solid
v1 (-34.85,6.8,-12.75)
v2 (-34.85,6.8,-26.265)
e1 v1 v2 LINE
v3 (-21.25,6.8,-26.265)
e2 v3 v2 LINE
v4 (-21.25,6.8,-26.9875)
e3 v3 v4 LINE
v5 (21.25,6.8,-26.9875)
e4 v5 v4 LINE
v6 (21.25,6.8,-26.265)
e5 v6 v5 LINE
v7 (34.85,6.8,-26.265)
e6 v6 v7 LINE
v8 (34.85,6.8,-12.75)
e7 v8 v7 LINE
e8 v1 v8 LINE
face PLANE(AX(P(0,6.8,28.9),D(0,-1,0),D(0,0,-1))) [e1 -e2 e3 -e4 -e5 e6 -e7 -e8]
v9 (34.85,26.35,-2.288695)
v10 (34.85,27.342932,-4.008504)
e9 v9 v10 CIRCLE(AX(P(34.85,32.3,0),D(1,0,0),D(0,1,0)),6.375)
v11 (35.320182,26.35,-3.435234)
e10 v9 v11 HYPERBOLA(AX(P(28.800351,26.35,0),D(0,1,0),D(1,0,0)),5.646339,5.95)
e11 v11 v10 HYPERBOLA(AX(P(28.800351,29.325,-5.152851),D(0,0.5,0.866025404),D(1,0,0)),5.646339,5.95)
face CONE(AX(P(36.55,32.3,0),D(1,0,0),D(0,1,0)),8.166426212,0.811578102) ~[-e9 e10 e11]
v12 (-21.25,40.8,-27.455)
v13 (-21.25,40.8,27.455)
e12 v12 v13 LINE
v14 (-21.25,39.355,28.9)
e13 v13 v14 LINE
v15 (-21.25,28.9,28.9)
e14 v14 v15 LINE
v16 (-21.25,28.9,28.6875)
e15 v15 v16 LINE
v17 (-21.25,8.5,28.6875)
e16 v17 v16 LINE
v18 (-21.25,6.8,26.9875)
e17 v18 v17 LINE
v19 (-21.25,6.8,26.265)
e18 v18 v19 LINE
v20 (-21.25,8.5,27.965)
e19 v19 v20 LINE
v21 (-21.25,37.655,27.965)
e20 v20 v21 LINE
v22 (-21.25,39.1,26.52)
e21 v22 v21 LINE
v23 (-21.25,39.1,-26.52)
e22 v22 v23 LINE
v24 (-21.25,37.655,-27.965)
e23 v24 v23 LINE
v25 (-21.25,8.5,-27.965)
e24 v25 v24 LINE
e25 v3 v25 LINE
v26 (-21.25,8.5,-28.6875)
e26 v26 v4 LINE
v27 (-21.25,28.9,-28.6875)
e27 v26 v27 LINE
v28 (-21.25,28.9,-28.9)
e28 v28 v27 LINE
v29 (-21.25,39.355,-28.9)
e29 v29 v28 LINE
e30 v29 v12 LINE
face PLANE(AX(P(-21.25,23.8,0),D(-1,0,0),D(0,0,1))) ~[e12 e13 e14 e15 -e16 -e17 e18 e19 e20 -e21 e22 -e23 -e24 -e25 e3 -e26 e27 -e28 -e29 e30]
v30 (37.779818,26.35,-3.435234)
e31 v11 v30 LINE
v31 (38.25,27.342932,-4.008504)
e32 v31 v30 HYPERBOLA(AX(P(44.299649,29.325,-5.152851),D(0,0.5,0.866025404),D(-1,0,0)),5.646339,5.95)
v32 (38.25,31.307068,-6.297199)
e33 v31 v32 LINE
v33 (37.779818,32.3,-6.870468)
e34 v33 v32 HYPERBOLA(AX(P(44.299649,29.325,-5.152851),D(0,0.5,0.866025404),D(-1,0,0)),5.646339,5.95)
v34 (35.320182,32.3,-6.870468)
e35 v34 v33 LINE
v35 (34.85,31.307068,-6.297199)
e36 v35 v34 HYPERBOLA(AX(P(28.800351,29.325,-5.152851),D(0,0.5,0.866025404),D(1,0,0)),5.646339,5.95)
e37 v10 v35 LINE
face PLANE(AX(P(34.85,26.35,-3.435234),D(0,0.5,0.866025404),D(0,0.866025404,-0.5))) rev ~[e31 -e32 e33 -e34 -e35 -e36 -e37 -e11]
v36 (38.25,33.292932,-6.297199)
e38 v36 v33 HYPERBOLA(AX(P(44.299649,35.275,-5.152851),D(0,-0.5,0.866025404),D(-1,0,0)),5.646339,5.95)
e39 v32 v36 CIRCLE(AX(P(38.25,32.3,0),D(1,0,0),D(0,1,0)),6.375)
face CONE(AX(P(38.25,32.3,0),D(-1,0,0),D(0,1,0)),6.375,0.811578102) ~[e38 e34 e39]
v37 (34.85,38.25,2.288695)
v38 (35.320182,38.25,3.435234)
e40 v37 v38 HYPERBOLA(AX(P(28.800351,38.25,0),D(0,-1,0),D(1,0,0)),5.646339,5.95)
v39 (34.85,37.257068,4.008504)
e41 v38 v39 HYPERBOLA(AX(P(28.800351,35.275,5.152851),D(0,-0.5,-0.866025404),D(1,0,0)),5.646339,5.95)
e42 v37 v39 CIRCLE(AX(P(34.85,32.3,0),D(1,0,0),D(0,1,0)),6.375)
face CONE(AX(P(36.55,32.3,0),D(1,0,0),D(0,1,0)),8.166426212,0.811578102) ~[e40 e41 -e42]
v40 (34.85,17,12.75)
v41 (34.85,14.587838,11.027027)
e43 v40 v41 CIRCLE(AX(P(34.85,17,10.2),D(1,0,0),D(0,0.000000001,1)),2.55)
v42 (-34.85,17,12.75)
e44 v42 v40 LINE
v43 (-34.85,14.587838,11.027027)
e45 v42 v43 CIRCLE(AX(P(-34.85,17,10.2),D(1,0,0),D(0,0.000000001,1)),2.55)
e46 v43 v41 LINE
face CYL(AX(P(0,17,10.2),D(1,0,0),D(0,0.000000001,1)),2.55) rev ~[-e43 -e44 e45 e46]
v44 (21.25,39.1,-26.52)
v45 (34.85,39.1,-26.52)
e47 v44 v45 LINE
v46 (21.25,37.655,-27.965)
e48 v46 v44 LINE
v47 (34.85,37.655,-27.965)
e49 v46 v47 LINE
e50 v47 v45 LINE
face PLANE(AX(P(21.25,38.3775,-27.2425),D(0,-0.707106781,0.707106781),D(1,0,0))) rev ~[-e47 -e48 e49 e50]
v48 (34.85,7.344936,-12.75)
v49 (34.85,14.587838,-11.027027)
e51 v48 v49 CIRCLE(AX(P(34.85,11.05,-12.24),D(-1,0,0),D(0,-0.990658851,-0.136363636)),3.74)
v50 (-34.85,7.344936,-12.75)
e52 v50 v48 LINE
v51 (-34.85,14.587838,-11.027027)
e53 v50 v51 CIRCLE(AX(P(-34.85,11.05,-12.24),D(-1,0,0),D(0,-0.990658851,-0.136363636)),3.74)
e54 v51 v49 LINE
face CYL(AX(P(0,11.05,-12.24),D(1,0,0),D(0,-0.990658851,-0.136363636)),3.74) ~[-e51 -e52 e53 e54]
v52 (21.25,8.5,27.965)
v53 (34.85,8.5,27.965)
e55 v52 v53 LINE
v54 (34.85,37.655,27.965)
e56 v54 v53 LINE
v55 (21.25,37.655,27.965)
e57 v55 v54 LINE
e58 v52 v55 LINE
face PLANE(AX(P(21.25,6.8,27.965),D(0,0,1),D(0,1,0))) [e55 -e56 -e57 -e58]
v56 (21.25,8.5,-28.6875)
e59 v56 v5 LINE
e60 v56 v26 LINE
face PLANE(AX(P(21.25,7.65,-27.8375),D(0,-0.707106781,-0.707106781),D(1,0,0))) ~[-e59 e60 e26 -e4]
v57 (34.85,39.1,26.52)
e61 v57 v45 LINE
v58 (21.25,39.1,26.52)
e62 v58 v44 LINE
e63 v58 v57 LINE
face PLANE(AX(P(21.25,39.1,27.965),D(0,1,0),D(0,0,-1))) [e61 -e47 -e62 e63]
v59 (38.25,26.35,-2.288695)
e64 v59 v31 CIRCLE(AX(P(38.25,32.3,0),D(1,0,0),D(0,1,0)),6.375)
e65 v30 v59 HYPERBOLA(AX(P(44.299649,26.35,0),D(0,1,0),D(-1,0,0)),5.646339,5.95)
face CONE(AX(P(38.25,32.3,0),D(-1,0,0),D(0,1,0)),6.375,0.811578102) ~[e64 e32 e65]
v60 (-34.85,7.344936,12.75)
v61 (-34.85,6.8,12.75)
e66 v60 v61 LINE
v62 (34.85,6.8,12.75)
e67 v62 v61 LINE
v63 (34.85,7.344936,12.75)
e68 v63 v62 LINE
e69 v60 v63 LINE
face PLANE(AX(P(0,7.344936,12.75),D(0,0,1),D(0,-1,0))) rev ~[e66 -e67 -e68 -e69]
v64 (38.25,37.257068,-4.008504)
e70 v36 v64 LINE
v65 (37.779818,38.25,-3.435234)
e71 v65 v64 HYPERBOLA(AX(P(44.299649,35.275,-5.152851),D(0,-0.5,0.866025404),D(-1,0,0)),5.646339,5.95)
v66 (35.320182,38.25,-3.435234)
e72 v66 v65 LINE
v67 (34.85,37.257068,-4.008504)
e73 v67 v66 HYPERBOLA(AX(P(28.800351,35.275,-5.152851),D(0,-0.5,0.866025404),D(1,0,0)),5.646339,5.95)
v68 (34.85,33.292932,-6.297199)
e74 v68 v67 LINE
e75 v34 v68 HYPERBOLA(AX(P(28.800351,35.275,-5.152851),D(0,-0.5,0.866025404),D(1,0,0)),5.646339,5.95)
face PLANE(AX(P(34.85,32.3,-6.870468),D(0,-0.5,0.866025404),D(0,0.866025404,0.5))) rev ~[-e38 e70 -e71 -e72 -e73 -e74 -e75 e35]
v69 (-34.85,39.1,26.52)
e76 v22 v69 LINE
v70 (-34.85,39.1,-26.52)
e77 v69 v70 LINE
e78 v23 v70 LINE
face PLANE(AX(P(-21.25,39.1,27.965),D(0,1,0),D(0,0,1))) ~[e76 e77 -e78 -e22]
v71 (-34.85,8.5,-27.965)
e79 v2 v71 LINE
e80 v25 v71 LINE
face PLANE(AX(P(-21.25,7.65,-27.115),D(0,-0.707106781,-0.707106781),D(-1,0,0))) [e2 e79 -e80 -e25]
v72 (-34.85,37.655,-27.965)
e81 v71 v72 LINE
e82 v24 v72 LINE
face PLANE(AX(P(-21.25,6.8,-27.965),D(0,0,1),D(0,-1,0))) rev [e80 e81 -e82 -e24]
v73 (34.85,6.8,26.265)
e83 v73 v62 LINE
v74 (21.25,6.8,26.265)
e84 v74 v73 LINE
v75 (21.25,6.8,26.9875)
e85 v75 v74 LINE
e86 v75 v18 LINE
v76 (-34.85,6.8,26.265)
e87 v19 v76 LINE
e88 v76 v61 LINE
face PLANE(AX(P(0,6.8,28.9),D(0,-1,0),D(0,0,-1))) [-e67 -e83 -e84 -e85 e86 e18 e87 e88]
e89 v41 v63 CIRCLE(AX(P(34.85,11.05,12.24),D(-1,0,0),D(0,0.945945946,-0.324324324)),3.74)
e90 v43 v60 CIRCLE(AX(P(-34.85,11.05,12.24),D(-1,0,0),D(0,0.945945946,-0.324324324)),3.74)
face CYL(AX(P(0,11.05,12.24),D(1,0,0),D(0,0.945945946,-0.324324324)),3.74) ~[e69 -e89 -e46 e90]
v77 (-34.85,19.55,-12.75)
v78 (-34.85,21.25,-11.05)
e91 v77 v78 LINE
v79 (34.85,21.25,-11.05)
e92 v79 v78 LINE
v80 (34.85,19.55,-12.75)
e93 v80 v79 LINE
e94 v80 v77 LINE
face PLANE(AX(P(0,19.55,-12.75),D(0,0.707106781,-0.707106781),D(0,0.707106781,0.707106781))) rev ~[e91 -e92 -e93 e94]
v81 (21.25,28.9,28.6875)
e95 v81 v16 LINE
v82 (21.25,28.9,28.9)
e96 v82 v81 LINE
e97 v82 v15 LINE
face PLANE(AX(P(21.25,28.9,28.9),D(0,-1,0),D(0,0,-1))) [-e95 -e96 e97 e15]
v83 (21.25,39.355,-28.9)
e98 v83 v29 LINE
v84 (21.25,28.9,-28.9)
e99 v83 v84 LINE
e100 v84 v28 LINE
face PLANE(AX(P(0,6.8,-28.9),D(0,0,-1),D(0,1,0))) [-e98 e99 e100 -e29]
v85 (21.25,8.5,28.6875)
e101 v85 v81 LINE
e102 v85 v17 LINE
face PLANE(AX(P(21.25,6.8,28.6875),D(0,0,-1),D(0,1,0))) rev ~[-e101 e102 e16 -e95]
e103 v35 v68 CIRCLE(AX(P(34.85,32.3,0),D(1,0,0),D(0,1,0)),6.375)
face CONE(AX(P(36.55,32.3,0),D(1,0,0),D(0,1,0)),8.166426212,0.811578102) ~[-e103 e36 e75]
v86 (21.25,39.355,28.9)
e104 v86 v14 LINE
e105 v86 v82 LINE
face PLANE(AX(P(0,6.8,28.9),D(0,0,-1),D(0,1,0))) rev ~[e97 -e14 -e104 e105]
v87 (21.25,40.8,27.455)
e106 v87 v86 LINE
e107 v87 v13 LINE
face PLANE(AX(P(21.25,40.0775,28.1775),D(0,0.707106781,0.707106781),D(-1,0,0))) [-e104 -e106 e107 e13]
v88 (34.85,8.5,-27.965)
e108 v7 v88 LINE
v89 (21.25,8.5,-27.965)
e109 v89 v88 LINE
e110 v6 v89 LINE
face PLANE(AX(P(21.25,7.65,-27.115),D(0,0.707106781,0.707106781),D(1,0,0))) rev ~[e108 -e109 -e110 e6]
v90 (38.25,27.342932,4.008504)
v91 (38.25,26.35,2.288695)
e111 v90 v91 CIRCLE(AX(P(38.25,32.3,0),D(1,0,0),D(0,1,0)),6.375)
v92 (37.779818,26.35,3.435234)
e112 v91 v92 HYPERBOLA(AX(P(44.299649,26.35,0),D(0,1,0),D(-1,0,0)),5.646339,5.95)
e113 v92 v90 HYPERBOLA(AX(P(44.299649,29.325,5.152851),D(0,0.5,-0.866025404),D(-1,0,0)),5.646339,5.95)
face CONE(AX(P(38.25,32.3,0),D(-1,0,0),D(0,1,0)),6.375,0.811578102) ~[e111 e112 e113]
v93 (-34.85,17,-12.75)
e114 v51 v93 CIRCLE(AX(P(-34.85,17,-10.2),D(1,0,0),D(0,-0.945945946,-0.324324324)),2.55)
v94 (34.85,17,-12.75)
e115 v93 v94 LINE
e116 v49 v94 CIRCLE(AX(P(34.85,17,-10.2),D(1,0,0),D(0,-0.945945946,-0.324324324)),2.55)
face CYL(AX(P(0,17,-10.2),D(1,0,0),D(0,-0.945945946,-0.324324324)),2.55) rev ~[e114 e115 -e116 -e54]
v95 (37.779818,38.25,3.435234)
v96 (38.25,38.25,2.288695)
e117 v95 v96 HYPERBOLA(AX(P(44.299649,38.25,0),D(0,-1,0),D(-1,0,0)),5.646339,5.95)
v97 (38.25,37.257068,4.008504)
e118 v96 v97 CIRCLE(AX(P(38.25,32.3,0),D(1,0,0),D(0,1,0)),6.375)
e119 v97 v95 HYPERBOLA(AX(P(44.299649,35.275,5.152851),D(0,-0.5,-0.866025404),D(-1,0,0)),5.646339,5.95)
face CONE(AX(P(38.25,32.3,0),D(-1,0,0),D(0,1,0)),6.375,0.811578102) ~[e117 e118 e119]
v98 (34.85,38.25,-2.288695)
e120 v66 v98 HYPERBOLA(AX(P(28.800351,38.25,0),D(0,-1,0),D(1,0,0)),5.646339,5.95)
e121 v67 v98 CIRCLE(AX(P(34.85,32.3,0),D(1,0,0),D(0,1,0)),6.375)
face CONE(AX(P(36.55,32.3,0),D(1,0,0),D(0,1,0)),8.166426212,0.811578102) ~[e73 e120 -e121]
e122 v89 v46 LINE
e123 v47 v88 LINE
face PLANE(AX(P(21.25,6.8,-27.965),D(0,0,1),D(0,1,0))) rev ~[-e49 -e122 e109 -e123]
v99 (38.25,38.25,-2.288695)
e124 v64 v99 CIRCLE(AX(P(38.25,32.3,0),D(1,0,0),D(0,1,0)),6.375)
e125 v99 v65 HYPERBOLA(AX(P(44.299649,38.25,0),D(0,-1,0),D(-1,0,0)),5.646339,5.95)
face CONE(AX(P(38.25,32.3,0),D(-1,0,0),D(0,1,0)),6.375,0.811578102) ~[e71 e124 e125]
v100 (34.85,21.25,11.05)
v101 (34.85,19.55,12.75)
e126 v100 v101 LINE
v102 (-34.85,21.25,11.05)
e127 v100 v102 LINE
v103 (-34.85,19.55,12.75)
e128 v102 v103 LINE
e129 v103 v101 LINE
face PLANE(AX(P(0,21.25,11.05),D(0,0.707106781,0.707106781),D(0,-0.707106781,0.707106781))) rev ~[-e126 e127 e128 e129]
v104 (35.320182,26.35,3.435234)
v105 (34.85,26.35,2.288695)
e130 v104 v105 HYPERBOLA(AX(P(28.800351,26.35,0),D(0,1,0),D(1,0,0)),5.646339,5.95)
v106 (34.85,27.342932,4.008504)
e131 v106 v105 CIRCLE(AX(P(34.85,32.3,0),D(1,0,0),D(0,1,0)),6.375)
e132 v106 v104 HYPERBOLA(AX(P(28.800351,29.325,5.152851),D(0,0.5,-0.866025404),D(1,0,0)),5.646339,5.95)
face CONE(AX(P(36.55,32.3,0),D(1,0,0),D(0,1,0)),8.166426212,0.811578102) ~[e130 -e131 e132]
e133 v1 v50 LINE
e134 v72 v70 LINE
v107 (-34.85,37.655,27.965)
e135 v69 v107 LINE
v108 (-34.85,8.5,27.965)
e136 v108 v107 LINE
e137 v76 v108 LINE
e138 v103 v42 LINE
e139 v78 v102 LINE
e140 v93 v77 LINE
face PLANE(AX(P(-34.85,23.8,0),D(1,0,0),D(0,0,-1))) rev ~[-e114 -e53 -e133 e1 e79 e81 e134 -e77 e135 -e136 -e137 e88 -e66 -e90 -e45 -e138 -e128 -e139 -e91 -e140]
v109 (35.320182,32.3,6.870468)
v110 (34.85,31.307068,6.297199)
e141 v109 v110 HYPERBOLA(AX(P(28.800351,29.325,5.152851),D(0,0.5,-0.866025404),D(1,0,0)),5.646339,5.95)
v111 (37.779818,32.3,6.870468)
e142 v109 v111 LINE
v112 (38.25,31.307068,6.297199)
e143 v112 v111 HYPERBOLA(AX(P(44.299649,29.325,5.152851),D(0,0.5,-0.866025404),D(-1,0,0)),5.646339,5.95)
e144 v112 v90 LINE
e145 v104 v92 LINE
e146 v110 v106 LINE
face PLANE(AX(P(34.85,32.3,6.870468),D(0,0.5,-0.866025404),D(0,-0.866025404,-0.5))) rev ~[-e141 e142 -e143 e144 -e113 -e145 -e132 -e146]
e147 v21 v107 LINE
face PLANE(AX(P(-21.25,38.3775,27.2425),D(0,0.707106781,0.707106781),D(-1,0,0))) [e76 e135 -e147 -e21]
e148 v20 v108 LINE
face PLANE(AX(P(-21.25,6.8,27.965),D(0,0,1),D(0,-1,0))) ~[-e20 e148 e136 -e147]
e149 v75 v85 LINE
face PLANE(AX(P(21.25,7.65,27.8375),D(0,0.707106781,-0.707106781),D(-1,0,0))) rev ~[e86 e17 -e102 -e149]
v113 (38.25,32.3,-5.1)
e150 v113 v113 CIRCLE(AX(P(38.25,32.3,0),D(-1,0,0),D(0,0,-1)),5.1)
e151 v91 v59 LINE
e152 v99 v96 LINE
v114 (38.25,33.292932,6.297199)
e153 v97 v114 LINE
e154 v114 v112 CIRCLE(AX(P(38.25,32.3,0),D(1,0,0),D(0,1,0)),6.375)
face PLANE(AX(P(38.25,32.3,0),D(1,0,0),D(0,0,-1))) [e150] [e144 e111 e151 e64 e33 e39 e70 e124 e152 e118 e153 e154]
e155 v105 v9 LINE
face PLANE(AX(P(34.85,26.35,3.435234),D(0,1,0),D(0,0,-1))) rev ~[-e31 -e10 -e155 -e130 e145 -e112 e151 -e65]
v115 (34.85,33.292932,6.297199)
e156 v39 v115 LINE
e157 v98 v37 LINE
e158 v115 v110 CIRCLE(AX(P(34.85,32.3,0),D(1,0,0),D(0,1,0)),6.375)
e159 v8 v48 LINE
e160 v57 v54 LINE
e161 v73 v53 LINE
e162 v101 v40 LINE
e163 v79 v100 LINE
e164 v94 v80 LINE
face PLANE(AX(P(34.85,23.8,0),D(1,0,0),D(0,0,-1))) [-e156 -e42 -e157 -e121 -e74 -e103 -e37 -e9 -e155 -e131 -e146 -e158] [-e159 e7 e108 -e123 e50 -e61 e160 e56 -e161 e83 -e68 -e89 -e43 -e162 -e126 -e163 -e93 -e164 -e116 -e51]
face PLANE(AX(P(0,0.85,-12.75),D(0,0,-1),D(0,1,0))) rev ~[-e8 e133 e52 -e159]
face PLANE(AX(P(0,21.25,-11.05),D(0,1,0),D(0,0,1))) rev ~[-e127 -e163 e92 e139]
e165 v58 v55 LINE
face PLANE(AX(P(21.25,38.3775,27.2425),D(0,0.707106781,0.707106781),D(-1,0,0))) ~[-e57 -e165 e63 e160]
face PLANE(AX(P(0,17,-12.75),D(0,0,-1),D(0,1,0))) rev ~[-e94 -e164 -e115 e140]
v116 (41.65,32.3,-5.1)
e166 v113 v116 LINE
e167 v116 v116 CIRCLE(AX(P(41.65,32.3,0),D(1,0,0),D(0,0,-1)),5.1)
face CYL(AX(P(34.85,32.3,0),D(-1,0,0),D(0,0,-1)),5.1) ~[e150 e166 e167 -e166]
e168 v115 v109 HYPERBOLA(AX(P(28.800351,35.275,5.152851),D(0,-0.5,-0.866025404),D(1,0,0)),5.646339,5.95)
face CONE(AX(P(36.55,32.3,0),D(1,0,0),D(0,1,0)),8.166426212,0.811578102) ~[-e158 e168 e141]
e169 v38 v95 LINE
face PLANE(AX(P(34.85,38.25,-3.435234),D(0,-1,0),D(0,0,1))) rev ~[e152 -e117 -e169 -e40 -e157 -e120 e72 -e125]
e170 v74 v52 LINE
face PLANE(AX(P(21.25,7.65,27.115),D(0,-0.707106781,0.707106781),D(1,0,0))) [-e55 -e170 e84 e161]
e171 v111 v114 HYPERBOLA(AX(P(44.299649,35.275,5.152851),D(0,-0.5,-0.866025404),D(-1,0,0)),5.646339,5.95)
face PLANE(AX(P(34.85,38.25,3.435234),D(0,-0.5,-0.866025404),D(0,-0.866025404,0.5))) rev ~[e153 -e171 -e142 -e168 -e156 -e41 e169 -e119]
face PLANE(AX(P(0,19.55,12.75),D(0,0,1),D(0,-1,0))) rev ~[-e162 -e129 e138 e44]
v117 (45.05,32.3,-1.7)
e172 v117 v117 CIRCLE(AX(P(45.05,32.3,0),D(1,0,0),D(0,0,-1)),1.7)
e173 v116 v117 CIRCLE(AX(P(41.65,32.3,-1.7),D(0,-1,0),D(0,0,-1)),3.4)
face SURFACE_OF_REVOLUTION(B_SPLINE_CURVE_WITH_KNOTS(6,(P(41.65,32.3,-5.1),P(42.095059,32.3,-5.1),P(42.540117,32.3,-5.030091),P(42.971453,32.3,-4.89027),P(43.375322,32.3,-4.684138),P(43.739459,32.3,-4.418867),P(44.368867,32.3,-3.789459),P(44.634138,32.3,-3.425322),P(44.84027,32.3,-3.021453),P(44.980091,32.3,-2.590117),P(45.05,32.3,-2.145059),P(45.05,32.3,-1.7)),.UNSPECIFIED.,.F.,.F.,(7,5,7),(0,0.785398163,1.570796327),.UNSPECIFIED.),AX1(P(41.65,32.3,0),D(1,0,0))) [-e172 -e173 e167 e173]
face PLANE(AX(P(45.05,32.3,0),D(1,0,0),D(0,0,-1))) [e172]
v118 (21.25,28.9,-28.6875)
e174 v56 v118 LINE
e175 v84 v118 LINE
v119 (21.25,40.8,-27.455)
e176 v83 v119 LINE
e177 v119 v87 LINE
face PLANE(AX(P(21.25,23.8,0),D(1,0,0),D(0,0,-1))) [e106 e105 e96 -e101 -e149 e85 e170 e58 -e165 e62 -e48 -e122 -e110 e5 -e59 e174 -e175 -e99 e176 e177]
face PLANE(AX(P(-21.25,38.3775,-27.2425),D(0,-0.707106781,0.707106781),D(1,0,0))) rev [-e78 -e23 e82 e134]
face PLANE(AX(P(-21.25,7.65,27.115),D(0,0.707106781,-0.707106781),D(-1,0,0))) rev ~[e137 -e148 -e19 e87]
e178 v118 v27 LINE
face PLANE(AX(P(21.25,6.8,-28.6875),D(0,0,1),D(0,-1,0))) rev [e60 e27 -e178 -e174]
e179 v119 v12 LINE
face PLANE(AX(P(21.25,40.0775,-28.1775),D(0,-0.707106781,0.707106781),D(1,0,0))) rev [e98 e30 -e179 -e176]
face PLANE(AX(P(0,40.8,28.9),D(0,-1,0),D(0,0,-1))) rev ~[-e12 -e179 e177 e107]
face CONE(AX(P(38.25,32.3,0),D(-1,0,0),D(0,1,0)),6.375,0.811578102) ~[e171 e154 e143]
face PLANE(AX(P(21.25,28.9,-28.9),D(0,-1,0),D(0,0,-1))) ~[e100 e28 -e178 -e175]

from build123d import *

# Parameters (mm, degrees)
SKETCH1_W           = 34
SKETCH1_H           = 20
BOSS_EXTRUDE1_DEPTH = 20.5
SKETCH2_OUTSIDE_W   = 47.378
SKETCH2_OUTSIDE_H   = 33.378
SKETCH2_OUTSIDE_W_2 = 32.9
SKETCH2_OUTSIDE_H_2 = 19
CUT_EXTRUDE2_DEPTH  = 45.204072211
CUT_EXTRUDE5_DEPTH  = 20.5
SKETCH3_W           = 0.125
SKETCH3_H           = 13
CUT_EXTRUDE3_DEPTH  = 25
CHAMFER1_SIZE       = 0.85
CHAMFER2_SIZE       = 0.85
CHAMFER3_SIZE       = 1
CHAMFER4_SIZE       = 1
BOSS_EXTRUDE2_DEPTH = 2
SKETCH10_R          = 3
BOSS_EXTRUDE3_DEPTH = 6
FILLET1_R           = 2
SCALE_1_SCALE       = 1.7


with BuildPart() as part:
    # Sketch1 → Boss-Extrude1 (new, symmetric)
    with BuildSketch(Plane(origin=(0, 0, 0), x_dir=(0, 0, -1), z_dir=(1, 0, 0))):
        with Locations((0, 14)):
            Rectangle(SKETCH1_W, SKETCH1_H)
    extrude(amount=BOSS_EXTRUDE1_DEPTH, both=True)

    # Sketch2 outside → Cut-Extrude2 (cut, through all)
    with BuildSketch(Plane(origin=(12.5, 0, 0), x_dir=(0, 0, -1), z_dir=(1, 0, 0))):
        with Locations((0, 14)):
            Rectangle(SKETCH2_OUTSIDE_W, SKETCH2_OUTSIDE_H)
        with Locations((0, 13.5)):
            Rectangle(SKETCH2_OUTSIDE_W_2, SKETCH2_OUTSIDE_H_2, mode=Mode.SUBTRACT)
    cut_extrude2 = extrude(amount=CUT_EXTRUDE2_DEPTH, mode=Mode.SUBTRACT)

    # Mirror1: Cut-Extrude2 across plane
    add(cut_extrude2.mirror(Plane(origin=(0, 0, 0), x_dir=(0, 0, 1), z_dir=(1, 0, 0))), mode=Mode.SUBTRACT)

    # Sketch5 → Cut-Extrude5 (cut, symmetric)
    with BuildSketch(Plane(origin=(0, 0, 0), x_dir=(0, 0, -1), z_dir=(1, 0, 0))):
        with BuildLine():
            Line((-6.5, 12.5), (-7.5, 11.5))
            Line((-7.5, 11.5), (-7.5, 10))
            ThreePointArc((-7.5, 10), (-7.220600207, 9.128142709), (-6.486486487, 8.581081081))
            ThreePointArc((-6.486486487, 8.581081081), (-5.059724667, 5.990862007), (-7.5, 4.320550528))
            Line((-7.5, 4.320550528), (-7.5, 0.5))
            Line((-7.5, 0.5), (-7, 0))
            Line((-7, 0), (7, 0))
            Line((7, 0), (7.5, 0.5))
            Line((7.5, 0.5), (7.5, 4.320550528))
            ThreePointArc((7.5, 4.320550528), (5.059724667, 5.990862007), (6.486486487, 8.581081081))
            ThreePointArc((6.486486487, 8.581081081), (7.220600207, 9.128142709), (7.5, 10))
            Line((7.5, 10), (7.5, 11.5))
            Line((7.5, 11.5), (6.5, 12.5))
            Line((6.5, 12.5), (-6.5, 12.5))
        make_face()
    extrude(amount=CUT_EXTRUDE5_DEPTH, both=True, mode=Mode.SUBTRACT)

    # Sketch3 → Cut-Extrude3 (cut)
    with BuildSketch(Plane(origin=(12.5, 0, 0), x_dir=(0, 0, -1), z_dir=(1, 0, 0))):
        with Locations((-16.9375, 10.5)):
            Rectangle(SKETCH3_W, SKETCH3_H)
    cut_extrude3 = extrude(amount=-CUT_EXTRUDE3_DEPTH, mode=Mode.SUBTRACT)

    # Mirror2: Cut-Extrude3 across plane
    add(cut_extrude3.mirror(Plane.XY), mode=Mode.SUBTRACT)

    # Chamfer1
    chamfer1_edges = [part.edges().sort_by_distance(p)[0] for p in [
        (16.5, 23, -16.45),
        (16.5, 23, 16.45),
        (-16.5, 23, 16.45),
        (-16.5, 23, -16.45),
    ]]
    chamfer(chamfer1_edges, length=CHAMFER1_SIZE)

    # Chamfer2
    chamfer2_edges = [part.edges().sort_by_distance(p)[0] for p in [
        (0, 24, 17),
        (0, 24, -17),
    ]]
    chamfer(chamfer2_edges, length=CHAMFER2_SIZE)

    # Chamfer3
    chamfer3_edges = [part.edges().sort_by_distance(p)[0] for p in [
        (16.5, 4, 16.45),
        (16.5, 4, -16.45),
        (-16.5, 4, -16.45),
        (-16.5, 4, 16.45),
    ]]
    chamfer(chamfer3_edges, length=CHAMFER3_SIZE)

    # Chamfer4
    chamfer4_edges = [part.edges().sort_by_distance(p)[0] for p in [
        (0, 4, 16.875),
        (0, 4, -16.875),
    ]]
    chamfer(chamfer4_edges, length=CHAMFER4_SIZE)

    # Sketch7 → Boss-Extrude2 (add)
    with BuildSketch(Plane(origin=(20.5, 0, 0), x_dir=(0, 0, -1), z_dir=(1, 0, 0))):
        Polygon((-2.020725942, 15.5), (2.020725942, 15.5), (4.041451884, 19), (2.020725942, 22.5), (-2.020725942, 22.5), (-4.041451884, 19), align=None)
    extrude(amount=BOSS_EXTRUDE2_DEPTH)

    # Sketch9 → Cut-Revolve1 (revolve, cut)
    with BuildSketch(Plane.XY):
        Polygon((22.5, 22.75), (21.5, 23.803780125), (20.5, 22.75), (20.5, 24), (22.5, 24), align=None)
    revolve(axis=Axis((20.5, 19, 0), (1, 0, 0)), mode=Mode.SUBTRACT)

    # Sketch10 → Boss-Extrude3 (add)
    with BuildSketch(Plane(origin=(20.5, 0, 0), x_dir=(0, 0, -1), z_dir=(1, 0, 0))):
        with Locations((0, 19)):
            Circle(SKETCH10_R)
    extrude(amount=BOSS_EXTRUDE3_DEPTH)

    # Fillet1
    fillet1_edges = [part.edges().sort_by_distance(p)[0] for p in [
        (26.5, 19, 3),
    ]]
    fillet(fillet1_edges, radius=FILLET1_R)


with BuildPart() as part_1:
    # Scale 1: scaled about (0, 0, 0)
    add(part.part.scale(SCALE_1_SCALE))


solid = part_1.part
